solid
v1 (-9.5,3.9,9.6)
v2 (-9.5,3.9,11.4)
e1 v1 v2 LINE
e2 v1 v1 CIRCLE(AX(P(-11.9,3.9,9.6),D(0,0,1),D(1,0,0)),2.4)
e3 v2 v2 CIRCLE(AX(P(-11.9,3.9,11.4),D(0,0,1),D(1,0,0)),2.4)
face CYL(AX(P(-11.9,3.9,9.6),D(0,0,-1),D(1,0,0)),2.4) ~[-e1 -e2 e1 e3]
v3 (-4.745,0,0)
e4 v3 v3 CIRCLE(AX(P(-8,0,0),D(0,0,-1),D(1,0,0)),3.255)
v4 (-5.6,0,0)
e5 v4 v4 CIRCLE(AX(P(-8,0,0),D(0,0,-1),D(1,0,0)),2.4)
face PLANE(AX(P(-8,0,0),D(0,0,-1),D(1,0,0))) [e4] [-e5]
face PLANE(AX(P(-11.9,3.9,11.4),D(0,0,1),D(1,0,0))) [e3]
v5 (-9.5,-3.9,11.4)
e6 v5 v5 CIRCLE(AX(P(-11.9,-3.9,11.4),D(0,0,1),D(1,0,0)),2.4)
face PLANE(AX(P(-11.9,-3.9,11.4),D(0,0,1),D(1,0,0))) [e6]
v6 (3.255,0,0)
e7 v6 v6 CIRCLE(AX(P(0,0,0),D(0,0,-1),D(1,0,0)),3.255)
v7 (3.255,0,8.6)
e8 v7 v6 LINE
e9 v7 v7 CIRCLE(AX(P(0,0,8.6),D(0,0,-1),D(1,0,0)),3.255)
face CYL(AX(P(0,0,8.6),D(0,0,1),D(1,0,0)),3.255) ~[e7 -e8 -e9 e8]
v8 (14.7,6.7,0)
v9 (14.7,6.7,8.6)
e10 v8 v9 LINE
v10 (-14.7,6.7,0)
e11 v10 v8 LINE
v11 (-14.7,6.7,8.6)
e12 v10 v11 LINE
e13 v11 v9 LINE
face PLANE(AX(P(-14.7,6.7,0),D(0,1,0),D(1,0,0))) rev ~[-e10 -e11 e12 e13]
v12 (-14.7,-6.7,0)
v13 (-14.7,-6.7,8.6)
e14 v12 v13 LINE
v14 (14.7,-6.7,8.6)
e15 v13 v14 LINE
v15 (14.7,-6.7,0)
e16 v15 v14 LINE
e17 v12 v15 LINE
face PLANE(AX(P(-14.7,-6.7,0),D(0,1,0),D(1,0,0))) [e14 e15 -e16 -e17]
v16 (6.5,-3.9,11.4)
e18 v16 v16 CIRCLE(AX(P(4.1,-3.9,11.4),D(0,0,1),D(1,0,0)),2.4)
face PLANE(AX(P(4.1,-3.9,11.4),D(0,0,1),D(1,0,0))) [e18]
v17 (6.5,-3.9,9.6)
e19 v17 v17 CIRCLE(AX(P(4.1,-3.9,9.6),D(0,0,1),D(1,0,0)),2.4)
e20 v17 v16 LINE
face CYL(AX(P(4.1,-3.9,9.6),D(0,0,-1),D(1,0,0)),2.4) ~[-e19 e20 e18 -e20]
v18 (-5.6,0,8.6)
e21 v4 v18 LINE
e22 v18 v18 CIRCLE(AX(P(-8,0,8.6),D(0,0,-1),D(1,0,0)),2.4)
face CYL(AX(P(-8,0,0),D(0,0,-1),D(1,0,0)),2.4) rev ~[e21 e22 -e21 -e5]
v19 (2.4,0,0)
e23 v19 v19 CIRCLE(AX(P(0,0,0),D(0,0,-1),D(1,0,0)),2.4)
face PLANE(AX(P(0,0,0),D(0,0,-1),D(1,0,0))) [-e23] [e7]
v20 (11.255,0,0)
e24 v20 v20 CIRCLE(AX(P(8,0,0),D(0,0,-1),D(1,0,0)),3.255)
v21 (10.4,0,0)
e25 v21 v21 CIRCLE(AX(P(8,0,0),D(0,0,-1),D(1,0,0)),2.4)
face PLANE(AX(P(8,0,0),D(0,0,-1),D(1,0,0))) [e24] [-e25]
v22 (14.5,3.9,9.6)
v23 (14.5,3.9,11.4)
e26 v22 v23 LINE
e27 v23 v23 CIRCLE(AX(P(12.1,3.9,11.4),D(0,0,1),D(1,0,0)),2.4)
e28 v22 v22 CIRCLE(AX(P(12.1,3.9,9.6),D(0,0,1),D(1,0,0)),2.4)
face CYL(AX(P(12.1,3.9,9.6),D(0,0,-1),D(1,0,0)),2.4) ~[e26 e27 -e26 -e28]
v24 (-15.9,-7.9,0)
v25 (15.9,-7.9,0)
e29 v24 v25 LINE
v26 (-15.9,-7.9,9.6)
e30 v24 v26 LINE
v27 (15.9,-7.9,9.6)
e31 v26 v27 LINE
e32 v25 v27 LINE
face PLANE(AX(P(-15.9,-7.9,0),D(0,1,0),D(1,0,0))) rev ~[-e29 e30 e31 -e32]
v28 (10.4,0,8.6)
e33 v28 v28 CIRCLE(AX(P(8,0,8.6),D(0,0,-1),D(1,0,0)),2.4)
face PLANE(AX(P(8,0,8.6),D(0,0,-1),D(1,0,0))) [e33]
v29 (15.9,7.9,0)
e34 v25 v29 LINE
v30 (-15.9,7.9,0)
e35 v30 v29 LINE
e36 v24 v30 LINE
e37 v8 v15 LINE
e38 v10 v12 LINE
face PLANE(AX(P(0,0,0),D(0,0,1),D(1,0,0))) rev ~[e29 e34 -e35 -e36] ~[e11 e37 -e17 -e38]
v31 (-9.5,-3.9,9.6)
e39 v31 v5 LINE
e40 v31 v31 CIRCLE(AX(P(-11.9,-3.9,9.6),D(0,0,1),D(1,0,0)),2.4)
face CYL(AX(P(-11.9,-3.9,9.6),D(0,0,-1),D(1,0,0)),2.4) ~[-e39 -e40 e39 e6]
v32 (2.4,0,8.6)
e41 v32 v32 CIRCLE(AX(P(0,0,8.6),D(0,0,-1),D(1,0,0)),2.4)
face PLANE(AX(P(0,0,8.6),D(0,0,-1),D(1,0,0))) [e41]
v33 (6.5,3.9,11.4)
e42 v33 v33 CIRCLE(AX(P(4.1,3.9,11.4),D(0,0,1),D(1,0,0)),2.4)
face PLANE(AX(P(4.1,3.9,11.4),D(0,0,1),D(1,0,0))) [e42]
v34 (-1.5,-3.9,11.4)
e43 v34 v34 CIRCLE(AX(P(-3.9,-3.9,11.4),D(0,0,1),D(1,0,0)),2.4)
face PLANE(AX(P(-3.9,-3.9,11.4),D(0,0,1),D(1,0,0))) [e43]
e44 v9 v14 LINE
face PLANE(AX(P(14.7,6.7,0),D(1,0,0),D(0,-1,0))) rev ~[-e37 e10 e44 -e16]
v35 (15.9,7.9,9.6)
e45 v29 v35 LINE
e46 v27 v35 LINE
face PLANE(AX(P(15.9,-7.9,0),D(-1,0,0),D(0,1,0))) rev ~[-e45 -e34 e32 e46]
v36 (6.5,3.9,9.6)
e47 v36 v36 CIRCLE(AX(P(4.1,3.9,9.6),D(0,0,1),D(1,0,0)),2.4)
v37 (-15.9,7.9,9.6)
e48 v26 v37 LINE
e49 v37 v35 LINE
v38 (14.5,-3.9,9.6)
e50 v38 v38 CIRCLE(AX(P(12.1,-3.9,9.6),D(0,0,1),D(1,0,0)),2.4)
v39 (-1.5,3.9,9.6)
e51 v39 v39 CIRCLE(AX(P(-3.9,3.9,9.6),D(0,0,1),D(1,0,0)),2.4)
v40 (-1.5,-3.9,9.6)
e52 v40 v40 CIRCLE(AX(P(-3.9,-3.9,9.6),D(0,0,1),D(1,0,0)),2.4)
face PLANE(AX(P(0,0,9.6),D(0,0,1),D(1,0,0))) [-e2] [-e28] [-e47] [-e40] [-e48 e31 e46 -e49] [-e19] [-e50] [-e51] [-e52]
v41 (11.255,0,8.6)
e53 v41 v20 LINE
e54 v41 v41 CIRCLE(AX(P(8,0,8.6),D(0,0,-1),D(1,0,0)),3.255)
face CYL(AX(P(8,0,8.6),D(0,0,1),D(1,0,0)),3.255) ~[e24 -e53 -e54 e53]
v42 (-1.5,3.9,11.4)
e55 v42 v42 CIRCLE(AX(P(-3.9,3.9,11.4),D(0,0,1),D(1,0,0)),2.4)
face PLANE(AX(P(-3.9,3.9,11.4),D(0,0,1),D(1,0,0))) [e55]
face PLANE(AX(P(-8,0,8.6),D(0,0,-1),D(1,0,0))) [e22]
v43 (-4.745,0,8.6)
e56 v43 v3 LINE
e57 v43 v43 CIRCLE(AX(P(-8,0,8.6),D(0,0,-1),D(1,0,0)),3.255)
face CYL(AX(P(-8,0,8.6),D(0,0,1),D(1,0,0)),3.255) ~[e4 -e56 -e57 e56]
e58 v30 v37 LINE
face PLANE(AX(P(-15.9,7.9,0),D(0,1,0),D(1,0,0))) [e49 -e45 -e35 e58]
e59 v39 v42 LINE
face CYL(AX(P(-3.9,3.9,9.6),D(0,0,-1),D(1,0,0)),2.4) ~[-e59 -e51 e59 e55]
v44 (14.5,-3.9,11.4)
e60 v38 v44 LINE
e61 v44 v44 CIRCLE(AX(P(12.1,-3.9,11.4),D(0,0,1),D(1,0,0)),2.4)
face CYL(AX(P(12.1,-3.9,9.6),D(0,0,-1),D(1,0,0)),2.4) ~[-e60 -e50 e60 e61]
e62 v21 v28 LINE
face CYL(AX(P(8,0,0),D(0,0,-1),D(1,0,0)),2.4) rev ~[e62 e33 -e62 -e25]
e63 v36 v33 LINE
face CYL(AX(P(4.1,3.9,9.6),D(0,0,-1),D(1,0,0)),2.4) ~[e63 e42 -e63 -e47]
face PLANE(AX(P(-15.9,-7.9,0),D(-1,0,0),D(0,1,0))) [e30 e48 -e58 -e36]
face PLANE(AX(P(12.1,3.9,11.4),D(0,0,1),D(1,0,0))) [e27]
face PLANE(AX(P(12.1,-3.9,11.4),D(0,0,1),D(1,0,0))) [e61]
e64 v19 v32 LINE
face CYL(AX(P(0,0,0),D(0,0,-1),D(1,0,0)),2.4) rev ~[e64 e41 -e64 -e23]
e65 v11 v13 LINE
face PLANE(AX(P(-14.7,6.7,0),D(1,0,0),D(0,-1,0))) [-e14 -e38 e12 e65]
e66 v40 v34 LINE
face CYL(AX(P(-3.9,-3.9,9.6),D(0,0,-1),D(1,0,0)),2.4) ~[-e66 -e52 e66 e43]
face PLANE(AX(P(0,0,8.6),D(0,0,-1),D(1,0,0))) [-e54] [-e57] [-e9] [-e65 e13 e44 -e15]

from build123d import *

# Parameters (mm, degrees)
SKETCH_W               = 31.8
SKETCH_H               = 15.8
PAD_DEPTH              = 9.6
SKETCH001_W            = 29.4
SKETCH001_H            = 13.4
POCKET_DEPTH           = 8.6
SKETCH002_R            = 2.4
PAD001_DEPTH           = 1.8
SKETCH003_R            = 3.255
PAD002_DEPTH           = 8.6
SKETCH004_R            = 2.4
POCKET001_DEPTH        = 8.6
LINEARPATTERN_COUNT    = 4
LINEARPATTERN_PITCH    = 8
LINEARPATTERN001_COUNT = 3
LINEARPATTERN001_PITCH = 8
LINEARPATTERN002_COUNT = 3
LINEARPATTERN002_PITCH = 8


with BuildPart() as part:
    # Sketch → Pad (new body)
    with BuildSketch(Plane.XY):
        Rectangle(SKETCH_W, SKETCH_H)
    extrude(amount=PAD_DEPTH)

    # Sketch001 (on Face5 of Pad) → Pocket (cut)
    with BuildSketch(Plane(origin=(0, 0, 0), x_dir=(1, 0, 0), z_dir=(0, 0, -1))):
        Rectangle(SKETCH001_W, SKETCH001_H)
    extrude(amount=-POCKET_DEPTH, mode=Mode.SUBTRACT)

    # Sketch002 (on Face5 of Pocket) → Pad001 (join)
    with BuildSketch(Plane.XY.offset(9.6)):
        with Locations((-11.9, 3.9)):
            Circle(SKETCH002_R)
        with Locations((-11.9, -3.9)):
            Circle(SKETCH002_R)
    pad001 = extrude(amount=PAD001_DEPTH)

    # Sketch003 (on Face13 of Pad001) → Pad002 (join)
    with BuildSketch(Plane(origin=(0, 0, 8.6), x_dir=(1, 0, 0), z_dir=(0, 0, -1))):
        with Locations((-8, 0)):
            Circle(SKETCH003_R)
    pad002 = extrude(amount=PAD002_DEPTH)

    # Sketch004 (on Face17 of Pad002) → Pocket001 (cut)
    with BuildSketch(Plane(origin=(0, 0, 0), x_dir=(1, 0, 0), z_dir=(0, 0, -1))):
        with Locations((-8, 0)):
            Circle(SKETCH004_R)
    pocket001 = extrude(amount=-POCKET001_DEPTH, mode=Mode.SUBTRACT)

    # LinearPattern: Pad001 ×4
    with Locations(*[(i * LINEARPATTERN_PITCH, 0, 0) for i in range(1, LINEARPATTERN_COUNT)]):
        add(pad001)

    # LinearPattern001: Pad002 ×3
    with Locations(*[(i * LINEARPATTERN001_PITCH, 0, 0) for i in range(1, LINEARPATTERN001_COUNT)]):
        add(pad002)

    # LinearPattern002: Pocket001 ×3
    with Locations(*[(i * LINEARPATTERN002_PITCH, 0, 0) for i in range(1, LINEARPATTERN002_COUNT)]):
        add(pocket001, mode=Mode.SUBTRACT)


solid = part.part
